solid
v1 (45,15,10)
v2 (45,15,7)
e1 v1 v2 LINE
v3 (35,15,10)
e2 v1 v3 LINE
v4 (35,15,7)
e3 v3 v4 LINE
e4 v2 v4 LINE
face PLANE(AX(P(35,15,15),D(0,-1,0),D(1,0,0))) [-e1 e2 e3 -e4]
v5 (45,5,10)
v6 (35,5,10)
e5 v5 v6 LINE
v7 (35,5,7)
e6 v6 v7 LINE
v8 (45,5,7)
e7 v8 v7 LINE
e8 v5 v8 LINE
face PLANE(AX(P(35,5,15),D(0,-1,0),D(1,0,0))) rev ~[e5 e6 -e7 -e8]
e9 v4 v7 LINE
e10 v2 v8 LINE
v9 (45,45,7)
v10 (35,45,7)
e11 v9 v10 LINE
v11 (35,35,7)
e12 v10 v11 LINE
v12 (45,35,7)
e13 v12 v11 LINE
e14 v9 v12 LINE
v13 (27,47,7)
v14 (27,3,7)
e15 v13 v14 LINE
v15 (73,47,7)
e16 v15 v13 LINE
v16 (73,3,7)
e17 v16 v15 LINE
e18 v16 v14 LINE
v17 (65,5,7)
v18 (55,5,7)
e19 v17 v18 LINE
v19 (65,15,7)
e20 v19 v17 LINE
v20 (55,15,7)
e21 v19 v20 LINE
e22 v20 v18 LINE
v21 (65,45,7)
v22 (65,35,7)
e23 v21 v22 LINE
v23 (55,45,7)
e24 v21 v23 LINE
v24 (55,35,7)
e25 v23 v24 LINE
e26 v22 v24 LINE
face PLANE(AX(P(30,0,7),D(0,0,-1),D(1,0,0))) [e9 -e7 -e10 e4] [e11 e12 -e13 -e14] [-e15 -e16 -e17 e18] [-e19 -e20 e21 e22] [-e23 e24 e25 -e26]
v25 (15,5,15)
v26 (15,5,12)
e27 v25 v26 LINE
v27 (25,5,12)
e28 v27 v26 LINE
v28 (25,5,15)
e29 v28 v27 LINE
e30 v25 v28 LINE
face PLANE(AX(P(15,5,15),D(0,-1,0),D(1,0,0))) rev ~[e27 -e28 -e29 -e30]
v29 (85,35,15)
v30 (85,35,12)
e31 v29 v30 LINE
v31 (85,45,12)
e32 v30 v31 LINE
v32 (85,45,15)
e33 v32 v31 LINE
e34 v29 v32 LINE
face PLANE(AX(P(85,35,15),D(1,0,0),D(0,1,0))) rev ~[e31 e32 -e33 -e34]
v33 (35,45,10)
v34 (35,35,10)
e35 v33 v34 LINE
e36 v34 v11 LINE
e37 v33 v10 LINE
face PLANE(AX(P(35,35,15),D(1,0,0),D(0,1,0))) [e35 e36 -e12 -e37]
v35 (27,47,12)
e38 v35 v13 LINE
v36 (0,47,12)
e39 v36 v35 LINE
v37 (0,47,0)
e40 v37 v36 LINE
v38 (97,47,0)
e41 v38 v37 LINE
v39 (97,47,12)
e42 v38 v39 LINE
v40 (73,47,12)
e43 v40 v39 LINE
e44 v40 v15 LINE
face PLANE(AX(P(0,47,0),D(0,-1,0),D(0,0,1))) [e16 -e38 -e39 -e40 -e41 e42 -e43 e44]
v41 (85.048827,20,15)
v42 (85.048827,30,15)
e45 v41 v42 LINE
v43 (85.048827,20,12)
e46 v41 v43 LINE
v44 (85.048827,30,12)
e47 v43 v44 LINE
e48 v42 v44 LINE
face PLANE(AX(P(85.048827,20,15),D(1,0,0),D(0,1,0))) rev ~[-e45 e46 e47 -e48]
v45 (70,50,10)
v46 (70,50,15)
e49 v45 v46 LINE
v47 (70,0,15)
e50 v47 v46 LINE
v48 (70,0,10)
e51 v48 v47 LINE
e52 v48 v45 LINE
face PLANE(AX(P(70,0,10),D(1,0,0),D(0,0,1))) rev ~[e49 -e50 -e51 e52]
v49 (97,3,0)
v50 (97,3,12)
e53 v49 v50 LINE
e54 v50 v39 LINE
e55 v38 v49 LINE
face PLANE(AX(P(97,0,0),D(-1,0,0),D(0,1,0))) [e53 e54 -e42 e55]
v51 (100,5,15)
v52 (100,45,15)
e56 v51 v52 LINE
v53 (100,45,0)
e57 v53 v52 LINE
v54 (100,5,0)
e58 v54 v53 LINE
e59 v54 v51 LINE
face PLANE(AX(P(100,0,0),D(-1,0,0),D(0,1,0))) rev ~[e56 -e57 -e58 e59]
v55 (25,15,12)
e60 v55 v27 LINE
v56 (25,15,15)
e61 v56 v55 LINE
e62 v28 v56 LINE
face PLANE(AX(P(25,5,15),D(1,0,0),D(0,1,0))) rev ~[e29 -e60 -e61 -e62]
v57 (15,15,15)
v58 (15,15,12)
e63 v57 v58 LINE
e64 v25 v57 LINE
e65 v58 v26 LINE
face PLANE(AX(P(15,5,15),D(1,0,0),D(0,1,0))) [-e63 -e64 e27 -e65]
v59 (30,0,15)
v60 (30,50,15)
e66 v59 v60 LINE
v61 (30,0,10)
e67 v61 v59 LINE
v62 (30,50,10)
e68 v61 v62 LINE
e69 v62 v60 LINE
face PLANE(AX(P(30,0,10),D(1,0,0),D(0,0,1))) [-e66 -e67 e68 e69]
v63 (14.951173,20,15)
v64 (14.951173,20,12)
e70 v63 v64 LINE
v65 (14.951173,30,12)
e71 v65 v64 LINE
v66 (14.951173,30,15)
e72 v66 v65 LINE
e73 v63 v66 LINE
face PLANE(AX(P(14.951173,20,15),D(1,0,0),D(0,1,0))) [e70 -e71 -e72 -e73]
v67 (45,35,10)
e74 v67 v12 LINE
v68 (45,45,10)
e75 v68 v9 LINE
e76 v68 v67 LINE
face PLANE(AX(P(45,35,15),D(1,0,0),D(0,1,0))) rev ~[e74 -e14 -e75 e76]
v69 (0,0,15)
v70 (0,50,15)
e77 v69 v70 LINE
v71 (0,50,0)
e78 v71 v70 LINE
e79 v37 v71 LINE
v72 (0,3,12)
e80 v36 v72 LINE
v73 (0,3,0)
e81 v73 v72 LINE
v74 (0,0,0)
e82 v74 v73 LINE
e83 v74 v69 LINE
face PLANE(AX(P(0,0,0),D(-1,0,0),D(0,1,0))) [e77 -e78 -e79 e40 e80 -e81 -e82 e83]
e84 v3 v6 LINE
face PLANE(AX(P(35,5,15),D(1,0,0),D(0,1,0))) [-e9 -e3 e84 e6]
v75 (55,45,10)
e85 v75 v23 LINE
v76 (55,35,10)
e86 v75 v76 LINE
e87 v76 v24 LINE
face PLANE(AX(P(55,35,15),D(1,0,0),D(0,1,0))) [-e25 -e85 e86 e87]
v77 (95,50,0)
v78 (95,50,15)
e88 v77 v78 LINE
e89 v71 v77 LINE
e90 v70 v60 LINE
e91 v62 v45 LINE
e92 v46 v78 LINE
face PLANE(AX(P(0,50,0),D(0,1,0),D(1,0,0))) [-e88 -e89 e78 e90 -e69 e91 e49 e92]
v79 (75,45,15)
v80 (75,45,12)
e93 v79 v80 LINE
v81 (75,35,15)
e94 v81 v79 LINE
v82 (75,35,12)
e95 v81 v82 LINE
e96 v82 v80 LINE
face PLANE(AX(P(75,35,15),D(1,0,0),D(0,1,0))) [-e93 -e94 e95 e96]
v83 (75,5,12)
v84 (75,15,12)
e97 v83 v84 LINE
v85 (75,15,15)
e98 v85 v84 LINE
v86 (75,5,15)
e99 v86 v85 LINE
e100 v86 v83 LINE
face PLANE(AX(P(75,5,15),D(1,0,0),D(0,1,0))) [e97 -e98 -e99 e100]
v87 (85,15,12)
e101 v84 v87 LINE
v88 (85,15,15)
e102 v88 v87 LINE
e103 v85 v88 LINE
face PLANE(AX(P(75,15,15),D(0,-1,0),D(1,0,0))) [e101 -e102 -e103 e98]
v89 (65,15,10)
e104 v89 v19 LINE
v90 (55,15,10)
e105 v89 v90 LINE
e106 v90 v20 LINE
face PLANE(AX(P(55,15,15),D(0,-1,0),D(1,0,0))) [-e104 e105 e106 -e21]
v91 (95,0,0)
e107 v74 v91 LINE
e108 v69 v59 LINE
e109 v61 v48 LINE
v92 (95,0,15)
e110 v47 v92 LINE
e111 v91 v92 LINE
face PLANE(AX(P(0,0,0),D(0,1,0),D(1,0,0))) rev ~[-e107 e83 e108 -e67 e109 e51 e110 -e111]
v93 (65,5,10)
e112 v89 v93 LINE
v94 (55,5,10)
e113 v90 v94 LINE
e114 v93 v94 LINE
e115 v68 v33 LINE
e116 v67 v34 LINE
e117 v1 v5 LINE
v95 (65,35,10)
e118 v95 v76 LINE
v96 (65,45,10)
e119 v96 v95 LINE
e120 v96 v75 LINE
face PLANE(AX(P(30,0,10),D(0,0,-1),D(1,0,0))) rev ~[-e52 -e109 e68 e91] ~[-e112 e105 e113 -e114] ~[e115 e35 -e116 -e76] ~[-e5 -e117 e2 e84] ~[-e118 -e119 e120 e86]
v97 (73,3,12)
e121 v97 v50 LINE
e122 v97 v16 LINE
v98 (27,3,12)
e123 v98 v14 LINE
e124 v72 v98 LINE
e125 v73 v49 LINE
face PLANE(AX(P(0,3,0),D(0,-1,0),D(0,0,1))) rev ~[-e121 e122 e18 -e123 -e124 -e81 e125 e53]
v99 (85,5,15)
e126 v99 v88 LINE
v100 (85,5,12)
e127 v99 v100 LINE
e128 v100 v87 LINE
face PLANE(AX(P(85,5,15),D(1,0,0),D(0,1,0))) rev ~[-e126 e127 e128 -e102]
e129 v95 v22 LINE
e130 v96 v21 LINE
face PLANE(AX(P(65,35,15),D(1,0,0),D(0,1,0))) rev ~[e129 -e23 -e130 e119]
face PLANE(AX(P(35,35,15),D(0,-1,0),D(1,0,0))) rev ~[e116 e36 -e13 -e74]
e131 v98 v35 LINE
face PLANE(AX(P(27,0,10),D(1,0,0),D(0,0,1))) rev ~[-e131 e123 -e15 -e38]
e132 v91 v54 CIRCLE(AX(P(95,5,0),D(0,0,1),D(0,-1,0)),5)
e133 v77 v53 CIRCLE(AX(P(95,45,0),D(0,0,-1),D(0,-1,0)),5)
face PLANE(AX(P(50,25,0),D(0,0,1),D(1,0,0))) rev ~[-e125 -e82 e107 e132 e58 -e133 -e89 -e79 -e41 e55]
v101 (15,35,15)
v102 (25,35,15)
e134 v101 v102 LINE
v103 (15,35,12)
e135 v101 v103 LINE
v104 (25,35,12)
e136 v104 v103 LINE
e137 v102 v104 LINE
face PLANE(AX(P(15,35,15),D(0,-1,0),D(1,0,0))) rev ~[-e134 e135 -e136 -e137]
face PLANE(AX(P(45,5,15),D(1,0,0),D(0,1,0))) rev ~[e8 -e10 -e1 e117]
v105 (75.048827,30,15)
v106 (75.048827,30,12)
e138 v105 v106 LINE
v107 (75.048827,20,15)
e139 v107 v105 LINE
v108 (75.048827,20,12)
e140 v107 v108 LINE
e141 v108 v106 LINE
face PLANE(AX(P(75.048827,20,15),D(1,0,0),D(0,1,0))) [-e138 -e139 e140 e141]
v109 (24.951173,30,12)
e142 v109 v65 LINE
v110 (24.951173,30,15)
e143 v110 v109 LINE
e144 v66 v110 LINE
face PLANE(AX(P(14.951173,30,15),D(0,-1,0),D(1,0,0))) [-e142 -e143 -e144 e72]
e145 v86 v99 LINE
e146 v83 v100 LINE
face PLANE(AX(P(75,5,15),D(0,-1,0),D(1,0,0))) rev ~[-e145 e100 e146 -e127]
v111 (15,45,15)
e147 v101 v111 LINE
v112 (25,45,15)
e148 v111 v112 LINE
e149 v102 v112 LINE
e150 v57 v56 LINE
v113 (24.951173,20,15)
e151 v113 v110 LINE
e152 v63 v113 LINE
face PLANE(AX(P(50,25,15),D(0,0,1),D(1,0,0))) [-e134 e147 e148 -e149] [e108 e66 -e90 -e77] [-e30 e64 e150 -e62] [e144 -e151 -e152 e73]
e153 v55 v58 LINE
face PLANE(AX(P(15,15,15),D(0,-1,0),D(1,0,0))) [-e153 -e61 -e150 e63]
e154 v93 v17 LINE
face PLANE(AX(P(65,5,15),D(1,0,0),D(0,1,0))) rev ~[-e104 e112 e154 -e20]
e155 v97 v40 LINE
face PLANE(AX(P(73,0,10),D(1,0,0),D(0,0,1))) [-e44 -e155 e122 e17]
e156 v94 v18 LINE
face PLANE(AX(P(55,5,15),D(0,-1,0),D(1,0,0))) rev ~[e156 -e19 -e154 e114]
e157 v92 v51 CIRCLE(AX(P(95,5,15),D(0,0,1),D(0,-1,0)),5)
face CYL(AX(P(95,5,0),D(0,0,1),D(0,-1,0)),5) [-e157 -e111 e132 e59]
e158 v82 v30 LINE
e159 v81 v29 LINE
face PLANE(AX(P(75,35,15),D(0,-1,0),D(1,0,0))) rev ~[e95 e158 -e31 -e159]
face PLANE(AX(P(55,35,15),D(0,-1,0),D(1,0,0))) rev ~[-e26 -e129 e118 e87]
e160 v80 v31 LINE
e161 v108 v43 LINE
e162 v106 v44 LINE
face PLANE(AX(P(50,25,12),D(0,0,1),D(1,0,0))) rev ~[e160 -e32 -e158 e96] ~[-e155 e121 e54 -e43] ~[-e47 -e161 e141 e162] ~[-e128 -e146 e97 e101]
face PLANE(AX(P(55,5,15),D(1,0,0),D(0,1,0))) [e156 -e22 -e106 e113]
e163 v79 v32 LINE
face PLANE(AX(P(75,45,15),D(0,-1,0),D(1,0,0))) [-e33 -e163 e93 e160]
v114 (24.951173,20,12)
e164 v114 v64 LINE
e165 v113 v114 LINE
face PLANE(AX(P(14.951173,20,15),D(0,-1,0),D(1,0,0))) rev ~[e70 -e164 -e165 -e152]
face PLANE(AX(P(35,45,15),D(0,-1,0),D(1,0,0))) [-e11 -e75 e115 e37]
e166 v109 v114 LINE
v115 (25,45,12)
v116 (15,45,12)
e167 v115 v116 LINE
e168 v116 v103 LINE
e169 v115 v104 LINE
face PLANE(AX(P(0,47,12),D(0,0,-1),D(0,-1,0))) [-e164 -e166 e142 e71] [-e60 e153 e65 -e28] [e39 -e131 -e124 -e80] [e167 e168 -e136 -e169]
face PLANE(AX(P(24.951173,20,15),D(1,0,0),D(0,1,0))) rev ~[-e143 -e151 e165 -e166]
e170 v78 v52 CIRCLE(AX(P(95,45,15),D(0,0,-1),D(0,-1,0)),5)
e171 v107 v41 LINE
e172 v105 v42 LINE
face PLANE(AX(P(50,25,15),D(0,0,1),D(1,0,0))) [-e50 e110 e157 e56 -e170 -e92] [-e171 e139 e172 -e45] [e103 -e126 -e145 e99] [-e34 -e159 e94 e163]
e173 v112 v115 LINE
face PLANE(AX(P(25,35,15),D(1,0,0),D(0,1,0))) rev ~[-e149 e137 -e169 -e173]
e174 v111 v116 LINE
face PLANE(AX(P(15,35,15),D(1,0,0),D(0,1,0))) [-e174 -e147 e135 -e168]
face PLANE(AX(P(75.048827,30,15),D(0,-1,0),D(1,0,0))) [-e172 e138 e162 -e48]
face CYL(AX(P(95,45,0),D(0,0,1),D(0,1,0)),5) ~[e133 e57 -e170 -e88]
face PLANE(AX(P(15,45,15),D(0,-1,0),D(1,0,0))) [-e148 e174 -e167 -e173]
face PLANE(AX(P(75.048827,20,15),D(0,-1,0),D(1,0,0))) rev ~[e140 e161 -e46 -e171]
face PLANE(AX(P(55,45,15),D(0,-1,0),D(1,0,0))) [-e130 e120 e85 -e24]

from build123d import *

# Parameters (mm, degrees)
F1_W      = 100
F1_H      = 50
F2_DEPTH  = 15
F3_W      = 40
F3_H      = 5
F4_DEPTH  = 50
F5_T      = -3
F6_W      = 44
F6_H      = 12
F7_DEPTH  = 3
F9_W      = 10
F9_H      = 10
F10_DEPTH = 15.001
F11_R     = 5


with BuildPart() as f2:
    # F1 (on Top) → F2 (new body)
    with BuildSketch(Plane.XY):
        with Locations((50, 25)):
            Rectangle(F1_W, F1_H)
    extrude(amount=F2_DEPTH)

    # F3 (on Front) → F4 (cut, through all)
    with BuildSketch(Plane.XZ):
        with Locations((50, 12.5)):
            Rectangle(F3_W, F3_H)
    extrude(amount=-F4_DEPTH, mode=Mode.SUBTRACT)

    # F5
    f5_openings = [f2.faces().sort_by_distance(p)[0] for p in [
        (50, 25, 0),
    ]]
    offset(amount=F5_T, openings=f5_openings, kind=Kind.INTERSECTION)

    # F6 (on face) → F7 (cut, through all)
    with BuildSketch(Plane(origin=(0, 0, 0), x_dir=(0, -1, 0), z_dir=(-1, 0, 0))):
        with Locations((-25, 6)):
            Rectangle(F6_W, F6_H)
    extrude(amount=-F7_DEPTH, mode=Mode.SUBTRACT)

    # F9 (on offset) → F10 (cut, through all)
    with BuildSketch(Plane.XY.offset(15)):
        with Locations((80, 40)):
            Rectangle(F9_W, F9_H)
        with Locations((80, 10)):
            Rectangle(F9_W, F9_H)
        with Locations((80.0488266349, 25)):
            Rectangle(F9_W, F9_H)
        with Locations((20, 40)):
            Rectangle(F9_W, F9_H)
        with Locations((19.9511733651, 25)):
            Rectangle(F9_W, F9_H)
        with Locations((20, 10)):
            Rectangle(F9_W, F9_H)
        with Locations((60, 40)):
            Rectangle(F9_W, F9_H)
        with Locations((60, 10)):
            Rectangle(F9_W, F9_H)
        with Locations((40, 40)):
            Rectangle(F9_W, F9_H)
        with Locations((40, 10)):
            Rectangle(F9_W, F9_H)
    extrude(amount=-F10_DEPTH, mode=Mode.SUBTRACT)

    # F11
    f11_edges = [f2.edges().sort_by_distance(p)[0] for p in [
        (100, 0, 7.5),
        (100, 50, 7.5),
    ]]
    fillet(f11_edges, radius=F11_R)


solid = f2.part
